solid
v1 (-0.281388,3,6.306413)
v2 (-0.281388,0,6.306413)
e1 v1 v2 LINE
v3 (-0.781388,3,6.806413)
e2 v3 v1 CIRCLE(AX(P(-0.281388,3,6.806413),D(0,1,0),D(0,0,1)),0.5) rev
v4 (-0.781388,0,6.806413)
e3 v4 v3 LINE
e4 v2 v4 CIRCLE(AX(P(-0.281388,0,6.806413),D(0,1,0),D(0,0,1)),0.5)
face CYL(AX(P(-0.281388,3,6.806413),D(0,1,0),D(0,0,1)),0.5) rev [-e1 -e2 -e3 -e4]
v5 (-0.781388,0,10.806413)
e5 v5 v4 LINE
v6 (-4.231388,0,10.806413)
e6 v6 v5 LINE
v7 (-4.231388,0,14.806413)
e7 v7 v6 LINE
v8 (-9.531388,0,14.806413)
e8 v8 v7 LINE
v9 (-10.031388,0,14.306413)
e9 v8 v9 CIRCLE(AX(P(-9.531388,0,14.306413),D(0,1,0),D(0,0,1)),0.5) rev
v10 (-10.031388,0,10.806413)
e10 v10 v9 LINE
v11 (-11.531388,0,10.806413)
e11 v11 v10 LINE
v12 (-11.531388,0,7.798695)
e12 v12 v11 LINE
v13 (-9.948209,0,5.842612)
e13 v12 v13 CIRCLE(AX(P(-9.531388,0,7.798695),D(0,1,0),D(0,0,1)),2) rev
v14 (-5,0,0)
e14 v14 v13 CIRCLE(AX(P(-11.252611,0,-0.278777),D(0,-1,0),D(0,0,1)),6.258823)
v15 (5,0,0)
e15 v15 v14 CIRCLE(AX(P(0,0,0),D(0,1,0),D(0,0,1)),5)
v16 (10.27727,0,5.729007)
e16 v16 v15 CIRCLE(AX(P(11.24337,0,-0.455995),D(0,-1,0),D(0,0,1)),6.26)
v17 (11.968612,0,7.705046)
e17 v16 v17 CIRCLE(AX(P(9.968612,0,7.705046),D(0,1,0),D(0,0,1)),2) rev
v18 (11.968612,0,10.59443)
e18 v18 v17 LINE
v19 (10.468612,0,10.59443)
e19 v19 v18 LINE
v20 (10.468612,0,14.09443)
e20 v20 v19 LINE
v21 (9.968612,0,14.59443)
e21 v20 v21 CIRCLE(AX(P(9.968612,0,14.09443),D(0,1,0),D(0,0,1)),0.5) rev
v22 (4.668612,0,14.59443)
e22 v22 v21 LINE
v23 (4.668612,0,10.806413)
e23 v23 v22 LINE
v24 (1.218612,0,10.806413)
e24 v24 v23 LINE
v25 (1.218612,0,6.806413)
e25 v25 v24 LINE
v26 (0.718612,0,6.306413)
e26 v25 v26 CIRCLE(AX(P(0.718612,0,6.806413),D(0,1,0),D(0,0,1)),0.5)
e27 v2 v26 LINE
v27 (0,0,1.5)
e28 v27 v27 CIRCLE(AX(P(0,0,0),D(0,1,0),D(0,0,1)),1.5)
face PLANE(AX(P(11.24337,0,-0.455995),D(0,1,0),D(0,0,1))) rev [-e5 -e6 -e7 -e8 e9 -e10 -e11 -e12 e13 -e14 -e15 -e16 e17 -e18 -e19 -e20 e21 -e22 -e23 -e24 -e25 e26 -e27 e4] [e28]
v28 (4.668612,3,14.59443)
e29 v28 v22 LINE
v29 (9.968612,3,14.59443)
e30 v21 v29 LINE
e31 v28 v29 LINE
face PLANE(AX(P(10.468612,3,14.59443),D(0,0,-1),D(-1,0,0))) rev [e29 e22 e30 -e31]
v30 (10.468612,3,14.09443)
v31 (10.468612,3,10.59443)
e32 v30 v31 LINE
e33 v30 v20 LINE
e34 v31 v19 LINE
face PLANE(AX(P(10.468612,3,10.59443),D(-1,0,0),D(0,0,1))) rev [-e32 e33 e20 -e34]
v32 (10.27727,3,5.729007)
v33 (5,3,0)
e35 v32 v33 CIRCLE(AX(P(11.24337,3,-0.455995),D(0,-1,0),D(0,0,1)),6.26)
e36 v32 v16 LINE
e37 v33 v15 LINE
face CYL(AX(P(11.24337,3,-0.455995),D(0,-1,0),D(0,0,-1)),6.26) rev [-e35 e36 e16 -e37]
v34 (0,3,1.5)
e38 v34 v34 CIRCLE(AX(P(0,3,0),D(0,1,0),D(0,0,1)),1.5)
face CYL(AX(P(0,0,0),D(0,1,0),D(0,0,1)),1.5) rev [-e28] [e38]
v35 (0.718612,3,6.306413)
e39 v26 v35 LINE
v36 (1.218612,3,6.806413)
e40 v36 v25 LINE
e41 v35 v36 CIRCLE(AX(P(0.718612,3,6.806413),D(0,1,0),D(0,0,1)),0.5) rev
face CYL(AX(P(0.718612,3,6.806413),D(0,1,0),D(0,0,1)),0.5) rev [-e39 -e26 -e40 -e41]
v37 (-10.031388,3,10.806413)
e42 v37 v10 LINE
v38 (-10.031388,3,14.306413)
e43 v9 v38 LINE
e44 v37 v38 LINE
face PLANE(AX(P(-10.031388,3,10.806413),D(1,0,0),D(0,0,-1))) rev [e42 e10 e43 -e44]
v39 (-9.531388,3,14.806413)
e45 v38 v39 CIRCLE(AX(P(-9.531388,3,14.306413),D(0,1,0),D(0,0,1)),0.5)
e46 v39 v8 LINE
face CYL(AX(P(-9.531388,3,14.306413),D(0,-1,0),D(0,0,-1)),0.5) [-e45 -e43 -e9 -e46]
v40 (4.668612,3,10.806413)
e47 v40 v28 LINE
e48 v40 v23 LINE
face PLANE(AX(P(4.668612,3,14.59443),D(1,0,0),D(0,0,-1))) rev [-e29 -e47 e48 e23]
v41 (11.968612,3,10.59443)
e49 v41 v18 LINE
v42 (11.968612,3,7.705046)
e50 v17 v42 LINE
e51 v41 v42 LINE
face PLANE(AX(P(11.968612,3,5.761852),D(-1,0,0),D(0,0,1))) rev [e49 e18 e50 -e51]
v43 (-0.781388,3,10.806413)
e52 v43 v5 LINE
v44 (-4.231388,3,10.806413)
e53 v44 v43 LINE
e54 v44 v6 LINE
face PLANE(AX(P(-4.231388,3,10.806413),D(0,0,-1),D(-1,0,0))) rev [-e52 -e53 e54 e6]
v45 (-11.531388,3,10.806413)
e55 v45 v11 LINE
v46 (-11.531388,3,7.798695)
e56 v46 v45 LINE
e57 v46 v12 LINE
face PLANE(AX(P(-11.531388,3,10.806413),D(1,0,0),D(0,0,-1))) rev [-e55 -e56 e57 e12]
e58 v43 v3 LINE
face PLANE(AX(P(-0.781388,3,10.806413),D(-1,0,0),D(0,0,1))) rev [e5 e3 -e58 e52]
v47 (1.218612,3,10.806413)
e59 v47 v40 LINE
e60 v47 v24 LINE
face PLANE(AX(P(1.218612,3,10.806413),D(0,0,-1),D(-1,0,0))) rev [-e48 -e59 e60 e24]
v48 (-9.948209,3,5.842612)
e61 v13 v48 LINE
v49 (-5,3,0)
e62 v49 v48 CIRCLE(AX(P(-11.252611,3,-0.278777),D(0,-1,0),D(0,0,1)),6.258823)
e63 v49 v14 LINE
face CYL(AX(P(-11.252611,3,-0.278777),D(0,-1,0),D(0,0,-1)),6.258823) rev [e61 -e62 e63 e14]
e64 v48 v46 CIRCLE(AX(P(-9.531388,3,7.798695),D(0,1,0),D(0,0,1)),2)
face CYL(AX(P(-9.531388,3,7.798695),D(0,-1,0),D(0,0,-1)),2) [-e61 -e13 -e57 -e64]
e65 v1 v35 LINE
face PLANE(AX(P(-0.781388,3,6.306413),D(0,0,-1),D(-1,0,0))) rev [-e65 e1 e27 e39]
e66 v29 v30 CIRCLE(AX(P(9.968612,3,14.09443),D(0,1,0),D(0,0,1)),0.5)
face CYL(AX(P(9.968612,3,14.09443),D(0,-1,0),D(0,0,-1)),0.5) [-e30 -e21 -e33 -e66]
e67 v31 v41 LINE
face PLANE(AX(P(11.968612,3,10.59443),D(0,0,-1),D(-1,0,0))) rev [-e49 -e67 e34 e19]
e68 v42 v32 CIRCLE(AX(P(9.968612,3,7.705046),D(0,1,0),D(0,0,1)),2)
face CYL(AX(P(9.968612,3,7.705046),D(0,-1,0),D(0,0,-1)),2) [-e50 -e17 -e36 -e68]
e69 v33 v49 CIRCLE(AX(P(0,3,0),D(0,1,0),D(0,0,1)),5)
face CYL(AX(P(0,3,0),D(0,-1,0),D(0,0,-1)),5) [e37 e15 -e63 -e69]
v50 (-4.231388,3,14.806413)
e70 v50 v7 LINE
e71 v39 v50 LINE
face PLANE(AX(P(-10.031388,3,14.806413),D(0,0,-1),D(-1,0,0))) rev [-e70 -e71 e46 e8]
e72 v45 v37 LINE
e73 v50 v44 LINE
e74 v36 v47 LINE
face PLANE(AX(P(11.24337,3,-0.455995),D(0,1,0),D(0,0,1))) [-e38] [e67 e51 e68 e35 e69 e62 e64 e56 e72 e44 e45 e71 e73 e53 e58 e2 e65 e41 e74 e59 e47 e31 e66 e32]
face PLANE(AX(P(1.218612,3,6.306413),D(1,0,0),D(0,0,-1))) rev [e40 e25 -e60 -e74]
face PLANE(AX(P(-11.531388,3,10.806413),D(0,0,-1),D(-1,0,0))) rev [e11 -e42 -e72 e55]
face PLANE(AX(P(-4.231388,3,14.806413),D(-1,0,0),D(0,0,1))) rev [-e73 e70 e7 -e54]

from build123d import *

# Parameters (mm, degrees)
BOSS_EXTRUDE1_DEPTH = 3
SKETCH3_R           = 1.5
CUT_EXTRUDE1_DEPTH  = 3
FILLET1_R           = 2
FILLET2_R           = 0.5


with BuildPart() as part:
    # Sketch2 → Boss-Extrude1 (new body)
    with BuildSketch(Plane(origin=(0, 0, 0), x_dir=(1, 0, 0), z_dir=(0, 1, 0))):
        with BuildLine():
            Line((-11.531388224, -10.806413351), (-10.031388224, -10.806413351))
            Line((-10.031388224, -10.806413351), (-10.031388224, -14.806413351))
            Line((-10.031388224, -14.806413351), (-4.231388224, -14.806413351))
            Line((-4.231388224, -14.806413351), (-4.231388224, -10.806413351))
            Line((-4.231388224, -10.806413351), (-0.781388224, -10.806413351))
            Line((-0.781388224, -10.806413351), (-0.781388224, -6.306413351))
            Line((-0.781388224, -6.306413351), (1.218611776, -6.306413351))
            Line((1.218611776, -6.306413351), (1.218611776, -10.806413351))
            Line((1.218611776, -10.806413351), (4.668611776, -10.806413351))
            Line((4.668611776, -10.806413351), (4.668611776, -14.59443044))
            Line((4.668611776, -14.59443044), (10.468611776, -14.59443044))
            Line((10.468611776, -14.59443044), (10.468611776, -10.59443044))
            Line((10.468611776, -10.59443044), (11.968611776, -10.59443044))
            Line((11.968611776, -10.59443044), (11.968611776, -5.761851858))
            ThreePointArc((11.968611776, -5.761851858), (7.254363967, -4.368466387), (5, 0))
            ThreePointArc((5, 0), (0, 5), (-5, 0))
            ThreePointArc((-5, 0), (-7.028472422, -4.339612176), (-11.531388224, -5.973834769))
            Line((-11.531388224, -5.973834769), (-11.531388224, -10.806413351))
        make_face()
    extrude(amount=BOSS_EXTRUDE1_DEPTH)

    # Sketch3 → Cut-Extrude1 (cut)
    with BuildSketch(Plane(origin=(0, 3, 0), x_dir=(1, 0, 0), z_dir=(0, 1, 0))):
        Circle(SKETCH3_R)
    extrude(amount=-CUT_EXTRUDE1_DEPTH, mode=Mode.SUBTRACT)

    # Fillet1
    fillet1_edges = [part.edges().sort_by_distance(p)[0] for p in [
        (11.968611776, 1.5, 5.761851858),
        (-11.531388224, 1.5, 5.973834769),
    ]]
    fillet(fillet1_edges, radius=FILLET1_R)

    # Fillet2
    fillet2_edges = [part.edges().sort_by_distance(p)[0] for p in [
        (10.468611776, 1.5, 14.59443044),
        (1.218611776, 1.5, 6.306413351),
        (-0.781388224, 1.5, 6.306413351),
        (-10.031388224, 1.5, 14.806413351),
    ]]
    fillet(fillet2_edges, radius=FILLET2_R)


solid = part.part
